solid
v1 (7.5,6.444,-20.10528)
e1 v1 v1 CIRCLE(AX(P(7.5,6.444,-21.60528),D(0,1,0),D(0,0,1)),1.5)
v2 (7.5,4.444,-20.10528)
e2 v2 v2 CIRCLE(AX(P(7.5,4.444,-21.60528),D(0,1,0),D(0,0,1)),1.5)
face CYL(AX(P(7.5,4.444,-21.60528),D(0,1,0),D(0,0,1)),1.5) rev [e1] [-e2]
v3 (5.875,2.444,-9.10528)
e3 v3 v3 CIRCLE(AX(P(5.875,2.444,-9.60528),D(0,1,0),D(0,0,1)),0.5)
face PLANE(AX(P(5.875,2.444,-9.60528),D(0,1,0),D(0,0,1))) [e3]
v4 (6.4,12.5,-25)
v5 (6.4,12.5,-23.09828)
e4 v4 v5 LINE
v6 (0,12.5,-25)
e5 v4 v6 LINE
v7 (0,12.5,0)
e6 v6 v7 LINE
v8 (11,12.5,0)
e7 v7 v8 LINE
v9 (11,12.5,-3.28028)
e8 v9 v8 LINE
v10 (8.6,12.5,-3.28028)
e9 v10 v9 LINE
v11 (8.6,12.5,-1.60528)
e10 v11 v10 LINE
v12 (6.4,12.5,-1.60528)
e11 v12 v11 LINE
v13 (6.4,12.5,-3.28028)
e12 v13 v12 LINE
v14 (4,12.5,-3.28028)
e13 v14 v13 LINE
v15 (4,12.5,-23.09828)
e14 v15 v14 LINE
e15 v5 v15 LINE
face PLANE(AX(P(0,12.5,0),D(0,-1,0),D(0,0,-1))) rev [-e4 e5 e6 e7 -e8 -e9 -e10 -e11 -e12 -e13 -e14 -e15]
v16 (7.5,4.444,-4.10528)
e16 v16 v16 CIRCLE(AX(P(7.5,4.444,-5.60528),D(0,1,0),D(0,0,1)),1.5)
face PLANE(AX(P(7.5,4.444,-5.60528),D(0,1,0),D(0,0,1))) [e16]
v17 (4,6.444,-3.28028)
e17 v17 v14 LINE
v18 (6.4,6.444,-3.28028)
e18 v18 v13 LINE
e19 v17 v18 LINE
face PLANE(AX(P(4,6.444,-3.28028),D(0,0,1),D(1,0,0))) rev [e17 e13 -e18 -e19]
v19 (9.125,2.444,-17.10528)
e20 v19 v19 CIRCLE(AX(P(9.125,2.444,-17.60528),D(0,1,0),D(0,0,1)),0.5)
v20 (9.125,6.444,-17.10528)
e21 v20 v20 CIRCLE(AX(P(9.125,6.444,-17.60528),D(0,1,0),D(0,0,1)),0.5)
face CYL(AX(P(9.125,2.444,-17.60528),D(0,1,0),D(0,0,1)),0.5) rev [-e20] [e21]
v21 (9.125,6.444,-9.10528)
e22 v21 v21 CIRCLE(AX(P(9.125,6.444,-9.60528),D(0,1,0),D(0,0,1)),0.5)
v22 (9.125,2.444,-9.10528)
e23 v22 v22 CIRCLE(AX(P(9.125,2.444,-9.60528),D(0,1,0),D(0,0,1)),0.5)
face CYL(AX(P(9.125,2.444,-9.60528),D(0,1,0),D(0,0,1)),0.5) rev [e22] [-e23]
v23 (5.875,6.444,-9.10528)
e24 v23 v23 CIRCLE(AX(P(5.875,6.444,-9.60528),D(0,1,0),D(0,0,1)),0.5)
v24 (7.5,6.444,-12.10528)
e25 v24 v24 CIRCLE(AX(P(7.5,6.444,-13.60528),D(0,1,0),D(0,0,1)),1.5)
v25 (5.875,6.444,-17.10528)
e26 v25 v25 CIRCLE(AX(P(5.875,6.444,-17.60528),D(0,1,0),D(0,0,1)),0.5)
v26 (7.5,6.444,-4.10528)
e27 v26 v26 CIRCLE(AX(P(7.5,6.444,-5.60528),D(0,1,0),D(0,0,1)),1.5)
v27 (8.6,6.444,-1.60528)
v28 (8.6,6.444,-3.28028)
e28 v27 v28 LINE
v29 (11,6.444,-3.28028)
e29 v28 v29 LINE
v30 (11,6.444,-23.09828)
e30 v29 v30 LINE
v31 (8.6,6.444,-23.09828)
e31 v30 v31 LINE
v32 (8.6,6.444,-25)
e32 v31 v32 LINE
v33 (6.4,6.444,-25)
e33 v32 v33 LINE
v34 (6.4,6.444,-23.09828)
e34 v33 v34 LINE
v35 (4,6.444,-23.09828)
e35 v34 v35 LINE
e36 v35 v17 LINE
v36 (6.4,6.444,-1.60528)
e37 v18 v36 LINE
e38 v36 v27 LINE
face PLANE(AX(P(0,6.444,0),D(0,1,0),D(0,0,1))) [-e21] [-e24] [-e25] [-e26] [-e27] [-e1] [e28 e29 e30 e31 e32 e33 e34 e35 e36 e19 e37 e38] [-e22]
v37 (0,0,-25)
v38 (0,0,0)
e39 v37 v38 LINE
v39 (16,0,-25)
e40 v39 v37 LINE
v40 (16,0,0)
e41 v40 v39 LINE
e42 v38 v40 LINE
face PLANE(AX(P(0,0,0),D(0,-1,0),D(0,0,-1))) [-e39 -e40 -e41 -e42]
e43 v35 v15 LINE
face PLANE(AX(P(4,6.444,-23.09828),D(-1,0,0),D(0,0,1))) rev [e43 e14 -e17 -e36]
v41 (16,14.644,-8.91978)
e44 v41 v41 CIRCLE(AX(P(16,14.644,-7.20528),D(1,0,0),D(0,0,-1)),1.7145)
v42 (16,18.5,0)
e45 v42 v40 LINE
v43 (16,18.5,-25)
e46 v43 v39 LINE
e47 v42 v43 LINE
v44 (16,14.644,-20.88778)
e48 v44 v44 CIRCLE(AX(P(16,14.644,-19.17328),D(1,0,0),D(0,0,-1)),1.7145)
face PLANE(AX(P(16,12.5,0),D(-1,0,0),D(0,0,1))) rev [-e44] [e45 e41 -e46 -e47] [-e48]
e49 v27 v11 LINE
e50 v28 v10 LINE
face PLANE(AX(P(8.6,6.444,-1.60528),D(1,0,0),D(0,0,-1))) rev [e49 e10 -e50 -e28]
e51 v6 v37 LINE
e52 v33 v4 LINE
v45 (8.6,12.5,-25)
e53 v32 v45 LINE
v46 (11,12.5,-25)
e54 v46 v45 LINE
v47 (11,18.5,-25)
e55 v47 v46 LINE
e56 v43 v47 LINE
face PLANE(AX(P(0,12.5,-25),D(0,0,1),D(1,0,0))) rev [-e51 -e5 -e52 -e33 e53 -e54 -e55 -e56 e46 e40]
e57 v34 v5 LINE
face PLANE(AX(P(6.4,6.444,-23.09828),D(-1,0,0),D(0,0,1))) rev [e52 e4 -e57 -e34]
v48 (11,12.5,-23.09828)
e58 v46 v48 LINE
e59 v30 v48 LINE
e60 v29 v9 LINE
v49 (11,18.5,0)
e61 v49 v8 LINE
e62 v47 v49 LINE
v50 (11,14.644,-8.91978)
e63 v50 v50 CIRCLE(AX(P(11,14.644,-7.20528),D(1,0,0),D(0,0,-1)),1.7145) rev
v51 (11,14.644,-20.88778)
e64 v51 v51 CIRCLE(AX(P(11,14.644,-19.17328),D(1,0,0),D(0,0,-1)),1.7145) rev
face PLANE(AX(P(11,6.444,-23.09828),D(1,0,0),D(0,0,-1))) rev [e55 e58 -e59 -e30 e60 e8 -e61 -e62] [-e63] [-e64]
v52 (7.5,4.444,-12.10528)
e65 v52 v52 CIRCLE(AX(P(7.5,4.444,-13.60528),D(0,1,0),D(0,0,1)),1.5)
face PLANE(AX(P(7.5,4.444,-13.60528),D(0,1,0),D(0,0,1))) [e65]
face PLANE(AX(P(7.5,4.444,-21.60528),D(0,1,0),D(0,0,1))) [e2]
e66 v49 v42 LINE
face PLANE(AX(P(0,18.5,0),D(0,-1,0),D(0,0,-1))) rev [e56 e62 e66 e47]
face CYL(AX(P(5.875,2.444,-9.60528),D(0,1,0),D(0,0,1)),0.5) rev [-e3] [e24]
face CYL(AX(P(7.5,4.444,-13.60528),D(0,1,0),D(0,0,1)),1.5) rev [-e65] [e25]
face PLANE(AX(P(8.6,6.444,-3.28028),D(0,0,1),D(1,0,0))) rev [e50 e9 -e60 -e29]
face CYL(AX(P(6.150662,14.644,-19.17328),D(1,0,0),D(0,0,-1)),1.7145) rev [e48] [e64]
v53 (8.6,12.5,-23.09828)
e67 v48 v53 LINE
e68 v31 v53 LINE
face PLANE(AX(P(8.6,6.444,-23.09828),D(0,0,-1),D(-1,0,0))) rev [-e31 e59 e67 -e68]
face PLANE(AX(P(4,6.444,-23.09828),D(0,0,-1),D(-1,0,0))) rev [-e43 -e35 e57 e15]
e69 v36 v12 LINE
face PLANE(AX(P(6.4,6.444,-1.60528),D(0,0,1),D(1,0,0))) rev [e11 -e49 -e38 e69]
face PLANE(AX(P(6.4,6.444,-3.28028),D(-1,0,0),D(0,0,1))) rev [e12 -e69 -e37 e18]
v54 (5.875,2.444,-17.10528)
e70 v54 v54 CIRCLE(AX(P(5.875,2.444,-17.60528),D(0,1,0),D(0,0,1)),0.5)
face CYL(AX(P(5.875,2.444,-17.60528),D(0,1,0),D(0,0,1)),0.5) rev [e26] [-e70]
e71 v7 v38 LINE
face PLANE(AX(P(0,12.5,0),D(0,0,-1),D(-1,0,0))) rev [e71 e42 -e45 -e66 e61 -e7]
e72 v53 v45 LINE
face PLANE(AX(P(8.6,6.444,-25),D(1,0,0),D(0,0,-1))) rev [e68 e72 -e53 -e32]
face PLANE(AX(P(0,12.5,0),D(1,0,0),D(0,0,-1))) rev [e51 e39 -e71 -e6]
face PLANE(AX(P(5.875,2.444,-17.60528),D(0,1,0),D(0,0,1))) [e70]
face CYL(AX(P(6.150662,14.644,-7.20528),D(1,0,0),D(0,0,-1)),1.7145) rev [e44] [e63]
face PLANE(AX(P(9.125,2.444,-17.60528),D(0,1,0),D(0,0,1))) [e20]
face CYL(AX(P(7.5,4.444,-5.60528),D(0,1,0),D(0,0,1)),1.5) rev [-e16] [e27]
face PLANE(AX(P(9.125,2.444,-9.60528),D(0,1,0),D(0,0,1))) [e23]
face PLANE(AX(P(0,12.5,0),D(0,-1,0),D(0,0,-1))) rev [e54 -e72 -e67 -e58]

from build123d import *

# Parameters (mm, degrees)
SKETCH1_W           = 16
SKETCH1_H           = 25
BOSS_EXTRUDE1_DEPTH = 12.5
CUT_EXTRUDE1_DEPTH  = 6.056
SKETCH4_W           = 5
SKETCH4_H           = 25
BOSS_EXTRUDE2_DEPTH = 6
SKETCH3_R           = 1.7145
CUT_EXTRUDE2_DEPTH  = 5
SKETCH6_R           = 0.5
CUT_EXTRUDE3_DEPTH  = 4
SKETCH7_R           = 1.5
CUT_EXTRUDE4_DEPTH  = 2


with BuildPart() as part:
    # Sketch1 → Boss-Extrude1 (new body)
    with BuildSketch(Plane(origin=(0, 0, 0), x_dir=(1, 0, 0), z_dir=(0, 1, 0))):
        with Locations((8, 12.5)):
            Rectangle(SKETCH1_W, SKETCH1_H)
    extrude(amount=BOSS_EXTRUDE1_DEPTH)

    # Sketch2 → Cut-Extrude1 (cut)
    with BuildSketch(Plane(origin=(0, 12.5, 0), x_dir=(1, 0, 0), z_dir=(0, 1, 0))):
        Polygon((4, 23.098280204), (6.4, 23.098280204), (6.4, 25), (8.6, 25), (8.6, 23.098280204), (11, 23.098280204), (11, 3.280280204), (8.6, 3.280280204), (8.6, 1.605280204), (6.4, 1.605280204), (6.4, 3.280280204), (4, 3.280280204), align=None)
    extrude(amount=-CUT_EXTRUDE1_DEPTH, mode=Mode.SUBTRACT)

    # Sketch4 → Boss-Extrude2 (add)
    with BuildSketch(Plane(origin=(0, 12.5, 0), x_dir=(1, 0, 0), z_dir=(0, 1, 0))):
        with Locations((13.5, 12.5)):
            Rectangle(SKETCH4_W, SKETCH4_H)
    extrude(amount=BOSS_EXTRUDE2_DEPTH)

    # Sketch3 → Cut-Extrude2 (cut)
    with BuildSketch(Plane(origin=(16, 0, 0), x_dir=(0, 0, -1), z_dir=(1, 0, 0))):
        with Locations((7.205280204, 14.644)):
            Circle(SKETCH3_R)
        with Locations((19.173280204, 14.644)):
            Circle(SKETCH3_R)
    extrude(amount=-CUT_EXTRUDE2_DEPTH, mode=Mode.SUBTRACT)

    # Sketch6 → Cut-Extrude3 (cut)
    with BuildSketch(Plane(origin=(0, 6.444, 0), x_dir=(1, 0, 0), z_dir=(0, 1, 0))):
        with Locations(Location((5.875, 9.605280204, 0), (0, 0, 270))):
            Circle(SKETCH6_R)
        with Locations(Location((9.125, 9.605280204, 0), (0, 0, 270))):
            Circle(SKETCH6_R)
        with Locations(Location((5.875, 17.605280204, 0), (0, 0, 270))):
            Circle(SKETCH6_R)
        with Locations(Location((9.125, 17.605280204, 0), (0, 0, 270))):
            Circle(SKETCH6_R)
    extrude(amount=-CUT_EXTRUDE3_DEPTH, mode=Mode.SUBTRACT)

    # Sketch7 → Cut-Extrude4 (cut)
    with BuildSketch(Plane(origin=(0, 6.444, 0), x_dir=(1, 0, 0), z_dir=(0, 1, 0))):
        with Locations(Location((7.5, 21.605280204, 0), (0, 0, 270))):
            Circle(SKETCH7_R)
        with Locations(Location((7.5, 13.605280204, 0), (0, 0, 270))):
            Circle(SKETCH7_R)
        with Locations(Location((7.5, 5.605280204, 0), (0, 0, 270))):
            Circle(SKETCH7_R)
    extrude(amount=-CUT_EXTRUDE4_DEPTH, mode=Mode.SUBTRACT)


solid = part.part
